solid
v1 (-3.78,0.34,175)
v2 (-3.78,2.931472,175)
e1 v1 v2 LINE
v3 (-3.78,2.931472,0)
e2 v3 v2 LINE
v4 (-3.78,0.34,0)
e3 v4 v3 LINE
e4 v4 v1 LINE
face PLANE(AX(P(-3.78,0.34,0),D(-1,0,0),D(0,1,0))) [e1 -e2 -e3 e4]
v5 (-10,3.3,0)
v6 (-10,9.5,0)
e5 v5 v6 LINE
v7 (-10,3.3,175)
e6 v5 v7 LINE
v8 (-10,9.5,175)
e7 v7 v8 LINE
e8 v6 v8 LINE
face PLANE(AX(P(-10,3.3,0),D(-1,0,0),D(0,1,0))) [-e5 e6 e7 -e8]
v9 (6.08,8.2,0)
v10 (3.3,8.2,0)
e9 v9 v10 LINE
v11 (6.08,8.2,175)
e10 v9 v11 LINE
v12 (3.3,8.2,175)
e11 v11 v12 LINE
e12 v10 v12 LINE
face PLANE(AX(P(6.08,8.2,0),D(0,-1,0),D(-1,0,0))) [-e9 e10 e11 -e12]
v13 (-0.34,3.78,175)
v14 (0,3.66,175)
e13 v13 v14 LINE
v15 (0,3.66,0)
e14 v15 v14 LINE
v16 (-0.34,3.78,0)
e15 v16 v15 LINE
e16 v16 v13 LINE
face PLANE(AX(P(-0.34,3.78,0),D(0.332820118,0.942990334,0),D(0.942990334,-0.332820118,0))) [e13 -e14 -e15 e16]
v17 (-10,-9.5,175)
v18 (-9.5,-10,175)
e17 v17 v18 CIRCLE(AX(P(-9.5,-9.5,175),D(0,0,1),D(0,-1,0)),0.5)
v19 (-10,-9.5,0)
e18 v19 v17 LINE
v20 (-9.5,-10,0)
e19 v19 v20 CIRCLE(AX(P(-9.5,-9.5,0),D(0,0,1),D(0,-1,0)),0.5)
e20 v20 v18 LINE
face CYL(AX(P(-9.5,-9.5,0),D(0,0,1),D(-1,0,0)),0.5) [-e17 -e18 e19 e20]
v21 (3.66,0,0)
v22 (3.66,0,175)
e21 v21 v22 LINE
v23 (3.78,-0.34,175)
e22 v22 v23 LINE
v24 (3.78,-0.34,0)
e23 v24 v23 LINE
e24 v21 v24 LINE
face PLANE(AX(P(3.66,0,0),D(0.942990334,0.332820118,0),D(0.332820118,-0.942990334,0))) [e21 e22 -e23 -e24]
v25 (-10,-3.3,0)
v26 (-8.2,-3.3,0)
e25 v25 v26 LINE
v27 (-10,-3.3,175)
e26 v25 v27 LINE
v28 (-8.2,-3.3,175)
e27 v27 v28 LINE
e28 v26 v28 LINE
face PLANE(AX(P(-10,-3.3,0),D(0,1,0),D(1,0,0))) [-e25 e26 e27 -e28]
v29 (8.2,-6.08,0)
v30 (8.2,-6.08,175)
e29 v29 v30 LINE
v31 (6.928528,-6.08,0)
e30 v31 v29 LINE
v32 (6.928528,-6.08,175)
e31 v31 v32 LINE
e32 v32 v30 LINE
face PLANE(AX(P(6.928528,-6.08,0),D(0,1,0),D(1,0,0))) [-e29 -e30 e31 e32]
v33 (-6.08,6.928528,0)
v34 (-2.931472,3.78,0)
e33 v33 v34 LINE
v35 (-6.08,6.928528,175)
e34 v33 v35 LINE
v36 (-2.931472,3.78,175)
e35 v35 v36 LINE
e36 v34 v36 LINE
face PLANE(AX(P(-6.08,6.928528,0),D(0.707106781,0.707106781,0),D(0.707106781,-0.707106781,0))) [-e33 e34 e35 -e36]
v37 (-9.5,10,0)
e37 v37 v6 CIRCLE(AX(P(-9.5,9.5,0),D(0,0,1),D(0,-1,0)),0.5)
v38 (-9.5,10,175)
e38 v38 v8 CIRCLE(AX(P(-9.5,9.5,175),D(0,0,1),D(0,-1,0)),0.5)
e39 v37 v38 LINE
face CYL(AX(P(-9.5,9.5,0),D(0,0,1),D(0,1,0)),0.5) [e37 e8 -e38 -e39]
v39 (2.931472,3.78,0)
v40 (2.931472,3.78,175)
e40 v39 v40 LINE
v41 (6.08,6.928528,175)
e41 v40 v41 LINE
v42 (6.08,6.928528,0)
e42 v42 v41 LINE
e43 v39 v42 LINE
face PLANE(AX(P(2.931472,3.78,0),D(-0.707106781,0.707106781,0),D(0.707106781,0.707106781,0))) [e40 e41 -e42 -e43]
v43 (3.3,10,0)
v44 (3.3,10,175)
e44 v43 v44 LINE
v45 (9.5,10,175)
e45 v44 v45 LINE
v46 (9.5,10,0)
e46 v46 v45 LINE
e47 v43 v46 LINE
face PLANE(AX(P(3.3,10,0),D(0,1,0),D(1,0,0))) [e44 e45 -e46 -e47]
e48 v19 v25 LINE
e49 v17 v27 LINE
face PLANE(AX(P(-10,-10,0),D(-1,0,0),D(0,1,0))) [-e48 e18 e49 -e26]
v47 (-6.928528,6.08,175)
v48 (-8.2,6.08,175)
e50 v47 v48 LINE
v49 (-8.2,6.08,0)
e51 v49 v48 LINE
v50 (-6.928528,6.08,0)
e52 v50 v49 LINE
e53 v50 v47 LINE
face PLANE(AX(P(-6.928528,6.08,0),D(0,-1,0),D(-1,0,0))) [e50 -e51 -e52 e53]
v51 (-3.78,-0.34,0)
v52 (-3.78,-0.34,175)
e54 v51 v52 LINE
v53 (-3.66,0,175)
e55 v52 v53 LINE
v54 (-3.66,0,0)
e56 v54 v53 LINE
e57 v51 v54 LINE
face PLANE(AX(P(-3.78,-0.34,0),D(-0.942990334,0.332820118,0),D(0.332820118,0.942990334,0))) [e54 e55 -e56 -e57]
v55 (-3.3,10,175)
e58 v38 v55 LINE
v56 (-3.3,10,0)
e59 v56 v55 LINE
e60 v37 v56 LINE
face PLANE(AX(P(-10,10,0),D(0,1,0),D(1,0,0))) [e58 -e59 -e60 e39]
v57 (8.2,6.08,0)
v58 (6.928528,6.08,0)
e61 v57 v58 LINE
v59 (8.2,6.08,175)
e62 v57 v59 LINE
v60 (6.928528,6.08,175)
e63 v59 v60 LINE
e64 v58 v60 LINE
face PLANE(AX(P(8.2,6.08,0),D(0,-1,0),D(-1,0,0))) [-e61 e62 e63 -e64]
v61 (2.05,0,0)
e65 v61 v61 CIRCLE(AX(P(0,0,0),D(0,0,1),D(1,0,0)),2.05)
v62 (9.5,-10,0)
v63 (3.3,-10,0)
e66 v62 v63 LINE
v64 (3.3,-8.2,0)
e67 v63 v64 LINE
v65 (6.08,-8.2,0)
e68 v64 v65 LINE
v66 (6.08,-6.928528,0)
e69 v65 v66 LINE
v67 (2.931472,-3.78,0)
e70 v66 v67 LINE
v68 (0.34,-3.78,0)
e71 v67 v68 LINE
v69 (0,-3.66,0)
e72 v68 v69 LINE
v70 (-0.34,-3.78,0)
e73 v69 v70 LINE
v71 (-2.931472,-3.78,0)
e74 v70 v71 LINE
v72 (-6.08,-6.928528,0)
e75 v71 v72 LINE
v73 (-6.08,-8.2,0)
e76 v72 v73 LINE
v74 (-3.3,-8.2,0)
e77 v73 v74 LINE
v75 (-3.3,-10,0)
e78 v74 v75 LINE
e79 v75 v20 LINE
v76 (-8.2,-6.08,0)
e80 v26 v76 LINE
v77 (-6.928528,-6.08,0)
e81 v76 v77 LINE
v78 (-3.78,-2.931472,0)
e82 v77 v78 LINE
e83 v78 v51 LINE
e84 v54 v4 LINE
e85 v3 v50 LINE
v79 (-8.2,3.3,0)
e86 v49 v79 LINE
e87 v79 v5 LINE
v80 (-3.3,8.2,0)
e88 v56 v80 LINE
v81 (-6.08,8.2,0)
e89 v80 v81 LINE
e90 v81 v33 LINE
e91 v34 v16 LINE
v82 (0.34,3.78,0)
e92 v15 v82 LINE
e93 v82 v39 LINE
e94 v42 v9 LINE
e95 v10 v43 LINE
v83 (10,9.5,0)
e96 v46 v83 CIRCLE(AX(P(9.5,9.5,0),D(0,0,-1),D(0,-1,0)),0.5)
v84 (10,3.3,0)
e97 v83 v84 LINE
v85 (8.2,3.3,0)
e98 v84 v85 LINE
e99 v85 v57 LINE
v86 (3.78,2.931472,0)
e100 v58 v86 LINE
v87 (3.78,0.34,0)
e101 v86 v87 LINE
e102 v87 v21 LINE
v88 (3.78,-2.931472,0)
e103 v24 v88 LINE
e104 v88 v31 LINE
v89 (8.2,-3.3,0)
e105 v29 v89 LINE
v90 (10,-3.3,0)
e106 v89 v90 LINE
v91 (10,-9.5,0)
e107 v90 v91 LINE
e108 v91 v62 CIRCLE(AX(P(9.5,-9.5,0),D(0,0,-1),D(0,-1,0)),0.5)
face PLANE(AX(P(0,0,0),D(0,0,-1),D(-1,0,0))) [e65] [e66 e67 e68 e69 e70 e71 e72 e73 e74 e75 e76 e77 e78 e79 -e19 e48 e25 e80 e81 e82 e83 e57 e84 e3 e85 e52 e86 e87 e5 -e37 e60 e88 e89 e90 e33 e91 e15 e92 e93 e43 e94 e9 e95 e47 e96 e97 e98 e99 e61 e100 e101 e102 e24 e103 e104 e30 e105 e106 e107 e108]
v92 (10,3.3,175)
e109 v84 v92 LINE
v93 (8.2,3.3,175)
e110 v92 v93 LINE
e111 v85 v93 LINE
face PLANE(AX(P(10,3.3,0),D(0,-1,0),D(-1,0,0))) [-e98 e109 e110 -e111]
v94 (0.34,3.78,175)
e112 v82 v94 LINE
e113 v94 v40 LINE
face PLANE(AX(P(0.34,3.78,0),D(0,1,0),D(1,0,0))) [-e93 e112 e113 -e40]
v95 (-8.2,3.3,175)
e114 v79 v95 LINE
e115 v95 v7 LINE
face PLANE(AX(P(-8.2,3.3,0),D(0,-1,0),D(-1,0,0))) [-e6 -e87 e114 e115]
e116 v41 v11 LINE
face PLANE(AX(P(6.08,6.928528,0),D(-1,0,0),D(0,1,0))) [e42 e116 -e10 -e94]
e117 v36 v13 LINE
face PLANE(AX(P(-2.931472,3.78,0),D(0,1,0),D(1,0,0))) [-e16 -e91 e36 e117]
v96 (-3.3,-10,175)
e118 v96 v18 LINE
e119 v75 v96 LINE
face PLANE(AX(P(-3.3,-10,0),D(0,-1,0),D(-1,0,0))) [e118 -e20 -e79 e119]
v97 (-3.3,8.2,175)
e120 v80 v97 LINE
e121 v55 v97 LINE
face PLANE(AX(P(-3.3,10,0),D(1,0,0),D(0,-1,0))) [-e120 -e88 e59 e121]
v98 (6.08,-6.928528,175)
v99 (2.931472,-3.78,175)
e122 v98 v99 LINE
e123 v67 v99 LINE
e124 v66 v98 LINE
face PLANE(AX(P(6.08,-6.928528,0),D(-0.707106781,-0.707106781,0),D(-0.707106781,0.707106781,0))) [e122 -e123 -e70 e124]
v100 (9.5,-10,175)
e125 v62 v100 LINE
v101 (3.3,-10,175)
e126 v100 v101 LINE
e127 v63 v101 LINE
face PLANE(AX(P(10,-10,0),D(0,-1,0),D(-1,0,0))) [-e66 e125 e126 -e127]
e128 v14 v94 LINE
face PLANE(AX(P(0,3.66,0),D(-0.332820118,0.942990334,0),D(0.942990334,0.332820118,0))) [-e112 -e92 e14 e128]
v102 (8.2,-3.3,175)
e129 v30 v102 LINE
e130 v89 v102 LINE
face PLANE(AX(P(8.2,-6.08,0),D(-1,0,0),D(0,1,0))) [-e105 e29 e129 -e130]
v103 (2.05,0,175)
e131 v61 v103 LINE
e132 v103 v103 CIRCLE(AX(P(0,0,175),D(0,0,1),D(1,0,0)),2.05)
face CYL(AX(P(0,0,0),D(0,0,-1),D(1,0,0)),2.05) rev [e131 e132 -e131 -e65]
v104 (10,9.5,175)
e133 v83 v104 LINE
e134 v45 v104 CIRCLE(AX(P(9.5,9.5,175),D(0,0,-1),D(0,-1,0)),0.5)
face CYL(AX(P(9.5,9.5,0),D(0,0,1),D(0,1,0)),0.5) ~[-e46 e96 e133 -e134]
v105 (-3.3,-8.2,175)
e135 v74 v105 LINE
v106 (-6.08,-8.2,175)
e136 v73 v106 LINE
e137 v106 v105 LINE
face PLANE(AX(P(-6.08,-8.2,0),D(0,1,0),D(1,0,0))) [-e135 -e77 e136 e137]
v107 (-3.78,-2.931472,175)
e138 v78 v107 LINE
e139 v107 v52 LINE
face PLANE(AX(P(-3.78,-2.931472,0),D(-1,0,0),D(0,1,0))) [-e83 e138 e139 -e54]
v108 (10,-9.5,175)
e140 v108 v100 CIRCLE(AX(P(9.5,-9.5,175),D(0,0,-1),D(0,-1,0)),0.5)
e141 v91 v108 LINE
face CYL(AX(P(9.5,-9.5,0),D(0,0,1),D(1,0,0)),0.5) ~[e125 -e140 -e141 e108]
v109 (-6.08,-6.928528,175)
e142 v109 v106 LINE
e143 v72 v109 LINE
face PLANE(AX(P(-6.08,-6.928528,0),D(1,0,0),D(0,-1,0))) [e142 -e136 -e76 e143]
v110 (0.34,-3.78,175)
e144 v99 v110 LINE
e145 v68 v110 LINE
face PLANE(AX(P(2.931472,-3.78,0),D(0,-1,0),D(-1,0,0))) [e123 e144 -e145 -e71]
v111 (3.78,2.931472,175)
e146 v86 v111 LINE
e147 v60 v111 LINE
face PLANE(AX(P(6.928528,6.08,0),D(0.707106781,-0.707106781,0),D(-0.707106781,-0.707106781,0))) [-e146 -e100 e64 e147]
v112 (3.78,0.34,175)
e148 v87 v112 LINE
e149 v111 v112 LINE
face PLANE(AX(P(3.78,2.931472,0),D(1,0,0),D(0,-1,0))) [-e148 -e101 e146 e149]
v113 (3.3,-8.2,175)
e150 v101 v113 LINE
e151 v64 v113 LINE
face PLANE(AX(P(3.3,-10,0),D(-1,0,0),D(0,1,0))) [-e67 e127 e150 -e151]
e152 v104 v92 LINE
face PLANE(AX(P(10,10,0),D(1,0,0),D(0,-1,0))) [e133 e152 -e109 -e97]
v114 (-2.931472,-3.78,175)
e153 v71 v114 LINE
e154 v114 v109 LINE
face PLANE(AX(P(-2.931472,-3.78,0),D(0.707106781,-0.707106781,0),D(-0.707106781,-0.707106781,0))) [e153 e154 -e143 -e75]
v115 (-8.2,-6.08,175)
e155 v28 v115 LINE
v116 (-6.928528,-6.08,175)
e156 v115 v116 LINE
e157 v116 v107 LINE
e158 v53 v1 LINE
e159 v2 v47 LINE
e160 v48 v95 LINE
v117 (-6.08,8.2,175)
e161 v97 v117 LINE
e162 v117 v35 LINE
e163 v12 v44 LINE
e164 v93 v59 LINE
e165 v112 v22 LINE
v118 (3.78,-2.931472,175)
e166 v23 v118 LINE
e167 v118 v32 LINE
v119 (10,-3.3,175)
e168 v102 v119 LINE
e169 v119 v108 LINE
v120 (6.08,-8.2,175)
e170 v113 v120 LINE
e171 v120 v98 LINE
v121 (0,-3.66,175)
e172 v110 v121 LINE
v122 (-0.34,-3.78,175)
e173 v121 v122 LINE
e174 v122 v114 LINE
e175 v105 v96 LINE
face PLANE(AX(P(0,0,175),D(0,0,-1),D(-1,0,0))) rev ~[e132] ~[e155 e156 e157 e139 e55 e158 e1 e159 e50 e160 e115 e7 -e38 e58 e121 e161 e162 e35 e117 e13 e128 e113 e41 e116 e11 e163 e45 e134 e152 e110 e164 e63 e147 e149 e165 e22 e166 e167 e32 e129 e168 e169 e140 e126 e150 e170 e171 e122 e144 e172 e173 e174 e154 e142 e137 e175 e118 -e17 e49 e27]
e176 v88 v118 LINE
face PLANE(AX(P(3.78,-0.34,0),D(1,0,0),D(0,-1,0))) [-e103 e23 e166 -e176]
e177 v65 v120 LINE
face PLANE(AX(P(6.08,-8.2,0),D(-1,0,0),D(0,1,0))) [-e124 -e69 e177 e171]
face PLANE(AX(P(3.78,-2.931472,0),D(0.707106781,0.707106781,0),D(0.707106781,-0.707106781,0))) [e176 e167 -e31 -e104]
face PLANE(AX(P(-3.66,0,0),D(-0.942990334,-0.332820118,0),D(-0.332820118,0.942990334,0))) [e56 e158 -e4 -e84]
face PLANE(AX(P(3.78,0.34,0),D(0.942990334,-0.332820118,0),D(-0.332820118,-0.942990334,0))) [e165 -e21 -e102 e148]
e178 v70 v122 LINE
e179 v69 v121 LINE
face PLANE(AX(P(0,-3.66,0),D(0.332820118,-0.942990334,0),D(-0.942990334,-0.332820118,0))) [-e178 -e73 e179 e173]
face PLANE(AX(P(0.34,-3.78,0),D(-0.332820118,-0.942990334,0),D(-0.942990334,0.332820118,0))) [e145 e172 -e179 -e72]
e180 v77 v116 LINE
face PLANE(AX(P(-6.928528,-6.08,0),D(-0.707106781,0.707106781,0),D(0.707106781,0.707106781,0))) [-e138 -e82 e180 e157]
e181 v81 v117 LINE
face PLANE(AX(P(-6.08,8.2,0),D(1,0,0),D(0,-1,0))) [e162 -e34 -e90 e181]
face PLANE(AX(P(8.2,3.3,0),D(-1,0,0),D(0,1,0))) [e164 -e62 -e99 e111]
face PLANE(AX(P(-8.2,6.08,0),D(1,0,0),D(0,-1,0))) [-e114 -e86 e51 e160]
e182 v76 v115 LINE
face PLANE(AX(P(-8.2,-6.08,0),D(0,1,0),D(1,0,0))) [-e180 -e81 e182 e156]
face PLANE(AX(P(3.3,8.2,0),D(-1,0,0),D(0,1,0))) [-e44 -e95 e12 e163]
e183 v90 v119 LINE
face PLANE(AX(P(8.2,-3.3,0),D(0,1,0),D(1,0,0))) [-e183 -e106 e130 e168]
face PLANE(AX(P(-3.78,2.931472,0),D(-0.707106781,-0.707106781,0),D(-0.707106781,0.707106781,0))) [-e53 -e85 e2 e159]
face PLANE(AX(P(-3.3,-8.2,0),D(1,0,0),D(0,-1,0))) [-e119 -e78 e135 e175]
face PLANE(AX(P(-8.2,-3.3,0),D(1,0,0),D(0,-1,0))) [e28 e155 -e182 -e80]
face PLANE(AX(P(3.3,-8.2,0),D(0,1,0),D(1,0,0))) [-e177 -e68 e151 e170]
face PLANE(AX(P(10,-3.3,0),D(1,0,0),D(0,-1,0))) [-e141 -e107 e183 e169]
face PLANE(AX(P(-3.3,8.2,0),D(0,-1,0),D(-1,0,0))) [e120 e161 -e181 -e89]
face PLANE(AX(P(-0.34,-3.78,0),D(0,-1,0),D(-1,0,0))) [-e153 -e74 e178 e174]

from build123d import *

# Parameters (mm, degrees)
SKETCH1_R           = 2.05
BOSS_EXTRUDE1_DEPTH = 175
FILLET1_R           = 0.5


with BuildPart() as part:
    # Sketch1 → Boss-Extrude1 (new body)
    with BuildSketch(Plane.XY):
        Polygon((-3.3, 10), (-3.3, 8.2), (-6.08, 8.2), (-6.08, 6.928528137), (-2.931471863, 3.78), (-0.34, 3.78), (0, 3.66), (0.34, 3.78), (2.931471863, 3.78), (6.08, 6.928528137), (6.08, 8.2), (3.3, 8.2), (3.3, 10), (10, 10), (10, 3.3), (8.2, 3.3), (8.2, 6.08), (6.928528137, 6.08), (3.78, 2.931471863), (3.78, 0.34), (3.66, 0), (3.78, -0.34), (3.78, -2.931471863), (6.928528137, -6.08), (8.2, -6.08), (8.2, -3.3), (10, -3.3), (10, -10), (3.3, -10), (3.3, -8.2), (6.08, -8.2), (6.08, -6.928528137), (2.931471863, -3.78), (0.34, -3.78), (0, -3.66), (-0.34, -3.78), (-2.931471863, -3.78), (-6.08, -6.928528137), (-6.08, -8.2), (-3.3, -8.2), (-3.3, -10), (-10, -10), (-10, -3.3), (-8.2, -3.3), (-8.2, -6.08), (-6.928528137, -6.08), (-3.78, -2.931471863), (-3.78, -0.34), (-3.66, 0), (-3.78, 0.34), (-3.78, 2.931471863), (-6.928528137, 6.08), (-8.2, 6.08), (-8.2, 3.3), (-10, 3.3), (-10, 10), align=None)
        Circle(SKETCH1_R, mode=Mode.SUBTRACT)
    extrude(amount=BOSS_EXTRUDE1_DEPTH)

    # Fillet1
    fillet1_edges = [part.edges().sort_by_distance(p)[0] for p in [
        (10, 10, 87.5),
        (10, -10, 87.5),
        (-10, -10, 87.5),
        (-10, 10, 87.5),
    ]]
    fillet(fillet1_edges, radius=FILLET1_R)


solid = part.part
